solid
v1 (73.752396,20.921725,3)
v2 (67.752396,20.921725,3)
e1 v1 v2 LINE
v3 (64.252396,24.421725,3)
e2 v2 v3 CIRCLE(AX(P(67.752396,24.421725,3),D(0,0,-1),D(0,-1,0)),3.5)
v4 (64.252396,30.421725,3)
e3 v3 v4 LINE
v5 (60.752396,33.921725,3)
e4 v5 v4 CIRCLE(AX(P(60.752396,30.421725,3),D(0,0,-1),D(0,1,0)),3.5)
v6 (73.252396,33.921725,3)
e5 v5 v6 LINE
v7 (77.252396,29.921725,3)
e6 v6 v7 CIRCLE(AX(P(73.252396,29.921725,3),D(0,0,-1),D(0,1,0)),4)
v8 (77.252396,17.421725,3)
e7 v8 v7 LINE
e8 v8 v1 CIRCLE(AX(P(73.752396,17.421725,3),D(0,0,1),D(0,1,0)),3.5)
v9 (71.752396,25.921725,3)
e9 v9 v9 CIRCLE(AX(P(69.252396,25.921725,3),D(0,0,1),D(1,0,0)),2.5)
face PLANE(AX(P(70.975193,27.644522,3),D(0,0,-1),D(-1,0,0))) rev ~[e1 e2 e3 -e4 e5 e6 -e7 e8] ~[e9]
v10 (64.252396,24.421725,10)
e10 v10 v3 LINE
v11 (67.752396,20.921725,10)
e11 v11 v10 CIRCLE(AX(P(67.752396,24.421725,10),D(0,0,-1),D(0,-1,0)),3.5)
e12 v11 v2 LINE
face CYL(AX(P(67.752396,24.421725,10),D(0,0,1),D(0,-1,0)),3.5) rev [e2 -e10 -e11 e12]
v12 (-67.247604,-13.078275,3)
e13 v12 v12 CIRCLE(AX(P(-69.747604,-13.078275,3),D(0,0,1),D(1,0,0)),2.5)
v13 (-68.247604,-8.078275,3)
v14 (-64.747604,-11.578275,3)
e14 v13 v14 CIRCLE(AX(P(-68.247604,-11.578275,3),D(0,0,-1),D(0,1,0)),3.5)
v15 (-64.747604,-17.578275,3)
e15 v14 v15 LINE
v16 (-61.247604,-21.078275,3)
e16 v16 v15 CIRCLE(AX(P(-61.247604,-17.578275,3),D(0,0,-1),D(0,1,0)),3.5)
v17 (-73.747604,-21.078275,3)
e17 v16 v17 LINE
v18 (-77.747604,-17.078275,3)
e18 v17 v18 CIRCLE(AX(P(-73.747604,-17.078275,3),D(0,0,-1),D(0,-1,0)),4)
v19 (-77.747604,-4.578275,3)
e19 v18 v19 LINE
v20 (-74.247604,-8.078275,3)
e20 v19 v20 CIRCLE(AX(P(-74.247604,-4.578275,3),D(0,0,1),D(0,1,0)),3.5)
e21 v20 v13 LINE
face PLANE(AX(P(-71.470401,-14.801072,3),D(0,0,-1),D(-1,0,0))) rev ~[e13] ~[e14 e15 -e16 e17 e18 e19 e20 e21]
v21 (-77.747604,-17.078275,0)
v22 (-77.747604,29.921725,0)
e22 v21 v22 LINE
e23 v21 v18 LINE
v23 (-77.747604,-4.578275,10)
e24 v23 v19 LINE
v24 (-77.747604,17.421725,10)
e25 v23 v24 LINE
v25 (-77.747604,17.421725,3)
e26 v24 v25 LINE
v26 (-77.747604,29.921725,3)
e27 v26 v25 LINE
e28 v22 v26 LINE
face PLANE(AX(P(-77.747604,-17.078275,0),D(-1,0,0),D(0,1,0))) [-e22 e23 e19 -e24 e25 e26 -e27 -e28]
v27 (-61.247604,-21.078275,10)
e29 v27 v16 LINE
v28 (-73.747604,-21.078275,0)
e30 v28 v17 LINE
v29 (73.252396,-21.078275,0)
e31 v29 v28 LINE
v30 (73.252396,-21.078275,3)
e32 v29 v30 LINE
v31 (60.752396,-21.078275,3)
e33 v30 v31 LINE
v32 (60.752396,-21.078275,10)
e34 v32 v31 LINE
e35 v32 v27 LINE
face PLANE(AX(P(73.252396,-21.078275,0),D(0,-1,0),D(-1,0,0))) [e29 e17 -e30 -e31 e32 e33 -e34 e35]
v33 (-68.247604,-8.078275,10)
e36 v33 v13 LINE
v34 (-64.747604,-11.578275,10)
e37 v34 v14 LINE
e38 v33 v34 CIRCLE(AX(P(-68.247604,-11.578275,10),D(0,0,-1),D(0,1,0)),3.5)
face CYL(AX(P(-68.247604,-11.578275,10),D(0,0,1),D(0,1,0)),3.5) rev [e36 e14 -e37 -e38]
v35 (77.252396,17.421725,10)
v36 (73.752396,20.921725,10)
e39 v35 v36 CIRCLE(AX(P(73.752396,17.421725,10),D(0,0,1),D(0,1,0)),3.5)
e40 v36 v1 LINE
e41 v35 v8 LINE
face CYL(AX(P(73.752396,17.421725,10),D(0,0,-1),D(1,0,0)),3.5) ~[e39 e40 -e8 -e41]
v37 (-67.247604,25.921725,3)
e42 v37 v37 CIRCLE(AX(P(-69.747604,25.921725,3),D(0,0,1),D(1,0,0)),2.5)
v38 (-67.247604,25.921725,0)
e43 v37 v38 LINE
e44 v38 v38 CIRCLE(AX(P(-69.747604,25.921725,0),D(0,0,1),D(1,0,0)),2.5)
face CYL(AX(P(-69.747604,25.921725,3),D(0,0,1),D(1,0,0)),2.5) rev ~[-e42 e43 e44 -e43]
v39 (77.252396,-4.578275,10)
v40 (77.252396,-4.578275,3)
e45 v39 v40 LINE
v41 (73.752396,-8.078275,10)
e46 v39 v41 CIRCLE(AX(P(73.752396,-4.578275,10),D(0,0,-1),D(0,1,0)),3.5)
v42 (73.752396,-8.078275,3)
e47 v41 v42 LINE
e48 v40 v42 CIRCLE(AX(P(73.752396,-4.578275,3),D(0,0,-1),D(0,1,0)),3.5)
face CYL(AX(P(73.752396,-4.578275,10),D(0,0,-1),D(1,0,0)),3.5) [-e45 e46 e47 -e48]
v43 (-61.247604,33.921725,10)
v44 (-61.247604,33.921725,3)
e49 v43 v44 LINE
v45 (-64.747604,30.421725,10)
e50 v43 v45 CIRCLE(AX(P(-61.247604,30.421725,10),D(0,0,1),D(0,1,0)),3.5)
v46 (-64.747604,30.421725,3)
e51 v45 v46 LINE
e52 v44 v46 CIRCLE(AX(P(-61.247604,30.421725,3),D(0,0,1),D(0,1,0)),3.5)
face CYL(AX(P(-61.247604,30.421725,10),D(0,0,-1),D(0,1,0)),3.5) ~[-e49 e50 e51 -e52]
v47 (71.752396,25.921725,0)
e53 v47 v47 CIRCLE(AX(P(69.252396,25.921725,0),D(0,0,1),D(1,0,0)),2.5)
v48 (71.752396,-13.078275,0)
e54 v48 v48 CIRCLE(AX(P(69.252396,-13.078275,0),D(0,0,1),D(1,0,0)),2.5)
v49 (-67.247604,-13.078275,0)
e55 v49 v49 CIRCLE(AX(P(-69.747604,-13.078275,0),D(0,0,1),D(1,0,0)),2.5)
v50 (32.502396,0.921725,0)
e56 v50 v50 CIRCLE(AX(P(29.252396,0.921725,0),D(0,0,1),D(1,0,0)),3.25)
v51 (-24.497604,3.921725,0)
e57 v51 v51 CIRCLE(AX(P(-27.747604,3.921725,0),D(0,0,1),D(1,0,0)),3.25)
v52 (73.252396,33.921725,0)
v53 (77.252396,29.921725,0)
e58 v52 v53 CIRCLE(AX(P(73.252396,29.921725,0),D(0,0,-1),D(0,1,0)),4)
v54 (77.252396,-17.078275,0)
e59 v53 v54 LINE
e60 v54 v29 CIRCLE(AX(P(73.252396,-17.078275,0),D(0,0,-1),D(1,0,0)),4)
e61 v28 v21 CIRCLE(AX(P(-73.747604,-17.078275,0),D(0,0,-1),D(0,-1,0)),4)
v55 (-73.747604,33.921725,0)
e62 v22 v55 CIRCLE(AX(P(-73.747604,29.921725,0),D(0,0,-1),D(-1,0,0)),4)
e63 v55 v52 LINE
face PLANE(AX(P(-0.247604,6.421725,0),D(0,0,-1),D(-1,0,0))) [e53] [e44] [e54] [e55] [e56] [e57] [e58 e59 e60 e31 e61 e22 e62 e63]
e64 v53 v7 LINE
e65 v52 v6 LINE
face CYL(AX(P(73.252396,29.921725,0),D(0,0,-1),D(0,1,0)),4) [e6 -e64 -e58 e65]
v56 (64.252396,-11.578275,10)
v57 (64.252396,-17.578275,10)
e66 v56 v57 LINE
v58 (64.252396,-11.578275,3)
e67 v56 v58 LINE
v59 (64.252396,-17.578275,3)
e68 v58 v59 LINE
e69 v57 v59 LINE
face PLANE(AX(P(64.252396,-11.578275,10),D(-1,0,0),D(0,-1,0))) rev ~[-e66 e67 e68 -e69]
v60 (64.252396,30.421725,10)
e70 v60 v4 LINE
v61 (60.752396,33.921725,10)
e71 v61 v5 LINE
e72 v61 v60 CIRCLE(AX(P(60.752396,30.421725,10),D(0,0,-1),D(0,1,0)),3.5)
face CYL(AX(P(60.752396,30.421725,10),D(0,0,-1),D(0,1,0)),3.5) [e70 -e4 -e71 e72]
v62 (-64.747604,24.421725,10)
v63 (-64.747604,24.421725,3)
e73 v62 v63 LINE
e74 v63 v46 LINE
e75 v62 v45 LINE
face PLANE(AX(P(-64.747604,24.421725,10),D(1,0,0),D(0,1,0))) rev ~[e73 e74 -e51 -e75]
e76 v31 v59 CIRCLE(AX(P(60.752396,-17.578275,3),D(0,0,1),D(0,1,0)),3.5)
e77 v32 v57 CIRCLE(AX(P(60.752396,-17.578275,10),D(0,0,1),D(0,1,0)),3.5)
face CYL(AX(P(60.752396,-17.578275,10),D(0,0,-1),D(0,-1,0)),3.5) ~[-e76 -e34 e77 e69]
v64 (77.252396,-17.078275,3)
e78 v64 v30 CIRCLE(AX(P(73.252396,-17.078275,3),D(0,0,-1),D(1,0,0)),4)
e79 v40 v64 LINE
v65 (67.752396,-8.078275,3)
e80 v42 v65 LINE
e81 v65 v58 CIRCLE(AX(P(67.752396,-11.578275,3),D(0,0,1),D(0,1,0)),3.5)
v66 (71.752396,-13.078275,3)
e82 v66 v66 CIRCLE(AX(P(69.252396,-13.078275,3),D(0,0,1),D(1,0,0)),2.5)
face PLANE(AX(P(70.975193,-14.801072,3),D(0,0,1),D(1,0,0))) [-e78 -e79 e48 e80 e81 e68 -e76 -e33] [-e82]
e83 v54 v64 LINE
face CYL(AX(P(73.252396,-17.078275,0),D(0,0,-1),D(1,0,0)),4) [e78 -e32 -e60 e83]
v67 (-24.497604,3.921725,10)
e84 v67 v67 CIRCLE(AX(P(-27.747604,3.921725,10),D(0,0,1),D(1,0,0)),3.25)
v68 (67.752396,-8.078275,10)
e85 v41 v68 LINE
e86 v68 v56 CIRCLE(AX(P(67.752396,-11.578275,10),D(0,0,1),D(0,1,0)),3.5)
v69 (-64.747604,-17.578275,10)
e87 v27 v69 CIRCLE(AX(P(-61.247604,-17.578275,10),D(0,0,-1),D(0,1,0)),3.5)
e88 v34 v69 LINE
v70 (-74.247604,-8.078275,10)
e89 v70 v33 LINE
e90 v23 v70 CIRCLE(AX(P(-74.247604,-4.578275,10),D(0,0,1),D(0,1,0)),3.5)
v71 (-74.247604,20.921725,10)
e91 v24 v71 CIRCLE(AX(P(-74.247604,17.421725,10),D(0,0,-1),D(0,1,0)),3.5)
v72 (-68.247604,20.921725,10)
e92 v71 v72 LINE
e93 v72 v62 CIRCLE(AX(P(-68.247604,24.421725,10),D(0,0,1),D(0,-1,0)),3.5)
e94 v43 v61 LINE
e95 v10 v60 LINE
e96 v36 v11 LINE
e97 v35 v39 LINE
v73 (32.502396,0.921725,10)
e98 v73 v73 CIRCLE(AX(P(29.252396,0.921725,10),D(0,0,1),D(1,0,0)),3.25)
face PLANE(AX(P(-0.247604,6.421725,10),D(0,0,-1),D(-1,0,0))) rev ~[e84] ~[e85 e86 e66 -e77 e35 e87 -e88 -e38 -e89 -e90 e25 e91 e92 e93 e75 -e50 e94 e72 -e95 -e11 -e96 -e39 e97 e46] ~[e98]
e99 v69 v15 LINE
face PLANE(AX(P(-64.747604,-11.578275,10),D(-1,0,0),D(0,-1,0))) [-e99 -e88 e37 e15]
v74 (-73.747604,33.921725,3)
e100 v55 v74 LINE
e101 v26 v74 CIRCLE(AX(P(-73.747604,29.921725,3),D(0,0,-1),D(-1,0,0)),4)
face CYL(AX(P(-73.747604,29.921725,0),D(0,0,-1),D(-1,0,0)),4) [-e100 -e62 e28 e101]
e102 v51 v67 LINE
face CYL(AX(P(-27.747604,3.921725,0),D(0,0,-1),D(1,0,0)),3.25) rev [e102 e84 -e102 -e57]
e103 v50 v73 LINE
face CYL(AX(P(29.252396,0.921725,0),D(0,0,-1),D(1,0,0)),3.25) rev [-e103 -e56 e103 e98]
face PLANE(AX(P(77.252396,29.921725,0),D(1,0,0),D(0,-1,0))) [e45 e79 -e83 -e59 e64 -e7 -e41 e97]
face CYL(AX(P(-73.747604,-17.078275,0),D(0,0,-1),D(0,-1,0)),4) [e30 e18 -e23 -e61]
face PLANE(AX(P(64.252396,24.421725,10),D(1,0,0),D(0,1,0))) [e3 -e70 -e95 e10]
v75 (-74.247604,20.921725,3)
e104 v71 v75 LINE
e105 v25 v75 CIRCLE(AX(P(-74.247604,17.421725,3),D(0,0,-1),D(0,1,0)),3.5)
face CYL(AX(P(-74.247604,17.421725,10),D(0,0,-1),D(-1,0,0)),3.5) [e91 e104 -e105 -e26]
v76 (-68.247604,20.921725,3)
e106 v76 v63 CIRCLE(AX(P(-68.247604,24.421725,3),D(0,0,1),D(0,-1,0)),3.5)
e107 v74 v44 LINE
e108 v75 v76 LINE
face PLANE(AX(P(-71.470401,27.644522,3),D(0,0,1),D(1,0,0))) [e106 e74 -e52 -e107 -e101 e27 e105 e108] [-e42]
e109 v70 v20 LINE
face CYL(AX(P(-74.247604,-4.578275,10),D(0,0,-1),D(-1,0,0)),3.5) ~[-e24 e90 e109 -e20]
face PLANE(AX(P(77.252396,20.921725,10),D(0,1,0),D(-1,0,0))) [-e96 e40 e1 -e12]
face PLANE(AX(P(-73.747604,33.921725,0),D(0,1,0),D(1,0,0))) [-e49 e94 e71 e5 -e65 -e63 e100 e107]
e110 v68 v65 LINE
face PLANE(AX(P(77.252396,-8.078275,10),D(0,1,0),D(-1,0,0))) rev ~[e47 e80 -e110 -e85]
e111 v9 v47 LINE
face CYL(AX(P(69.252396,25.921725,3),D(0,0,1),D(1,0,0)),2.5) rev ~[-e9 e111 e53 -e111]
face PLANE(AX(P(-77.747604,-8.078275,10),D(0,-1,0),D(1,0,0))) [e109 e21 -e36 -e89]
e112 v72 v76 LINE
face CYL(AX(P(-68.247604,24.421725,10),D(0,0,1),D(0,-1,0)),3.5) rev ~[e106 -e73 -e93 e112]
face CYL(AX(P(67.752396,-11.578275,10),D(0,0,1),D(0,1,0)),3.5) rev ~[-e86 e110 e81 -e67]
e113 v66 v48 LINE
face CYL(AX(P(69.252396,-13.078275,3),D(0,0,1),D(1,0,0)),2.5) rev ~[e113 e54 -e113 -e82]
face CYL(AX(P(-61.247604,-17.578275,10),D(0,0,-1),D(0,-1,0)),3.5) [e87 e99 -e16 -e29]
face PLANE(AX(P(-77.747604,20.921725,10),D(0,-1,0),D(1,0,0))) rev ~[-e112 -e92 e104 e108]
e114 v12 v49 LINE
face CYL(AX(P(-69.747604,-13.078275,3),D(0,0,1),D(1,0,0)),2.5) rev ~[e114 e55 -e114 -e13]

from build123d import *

# Parameters (mm, degrees)
SKETCH1_R           = 3.25
BOSS_EXTRUDE1_DEPTH = 10
CUT_EXTRUDE1_DEPTH  = 7
SKETCH3_R           = 2.5
CUT_EXTRUDE2_DEPTH  = 10
FILLET1_R           = 3.5


with BuildPart() as part:
    # Sketch1 → Boss-Extrude1 (new body)
    with BuildSketch(Plane.XY):
        with BuildLine():
            Line((-73.747603834, 33.92172524), (73.252396166, 33.92172524))
            ThreePointArc((73.252396166, 33.92172524), (76.080823291, 32.750152364), (77.252396166, 29.92172524))
            Line((77.252396166, 29.92172524), (77.252396166, -17.07827476))
            ThreePointArc((77.252396166, -17.07827476), (76.080823291, -19.906701885), (73.252396166, -21.07827476))
            Line((73.252396166, -21.07827476), (-73.747603834, -21.07827476))
            ThreePointArc((-73.747603834, -21.07827476), (-76.576030959, -19.906701885), (-77.747603834, -17.07827476))
            Line((-77.747603834, -17.07827476), (-77.747603834, 29.92172524))
            ThreePointArc((-77.747603834, 29.92172524), (-76.576030959, 32.750152364), (-73.747603834, 33.92172524))
        make_face()
        with Locations((-27.747603834, 3.92172524)):
            Circle(SKETCH1_R, mode=Mode.SUBTRACT)
        with Locations((29.252396166, 0.92172524)):
            Circle(SKETCH1_R, mode=Mode.SUBTRACT)
    extrude(amount=BOSS_EXTRUDE1_DEPTH)

    # Sketch2 → Cut-Extrude1 (cut)
    with BuildSketch(Plane.XY.offset(10)):
        with BuildLine():
            Line((-77.747603834, 20.92172524), (-68.247603834, 20.92172524))
            ThreePointArc((-68.247603834, 20.92172524), (-65.7727301, 21.946851505), (-64.747603834, 24.42172524))
            Line((-64.747603834, 24.42172524), (-64.747603834, 33.92172524))
            Line((-64.747603834, 33.92172524), (-77.747603834, 33.92172524))
            Line((-77.747603834, 33.92172524), (-77.747603834, 20.92172524))
        make_face()
        with BuildLine():
            Line((-77.747603834, -8.07827476), (-68.247603834, -8.07827476))
            ThreePointArc((-68.247603834, -8.07827476), (-65.7727301, -9.103401026), (-64.747603834, -11.57827476))
            Line((-64.747603834, -11.57827476), (-64.747603834, -21.07827476))
            Line((-64.747603834, -21.07827476), (-77.747603834, -21.07827476))
            Line((-77.747603834, -21.07827476), (-77.747603834, -8.07827476))
        make_face()
        with BuildLine():
            Line((64.252396166, -21.07827476), (77.252396166, -21.07827476))
            Line((77.252396166, -21.07827476), (77.252396166, -8.07827476))
            Line((77.252396166, -8.07827476), (67.752396166, -8.07827476))
            ThreePointArc((67.752396166, -8.07827476), (65.277522432, -9.103401026), (64.252396166, -11.57827476))
            Line((64.252396166, -11.57827476), (64.252396166, -21.07827476))
        make_face()
        with BuildLine():
            Line((77.252396166, 20.92172524), (67.752396166, 20.92172524))
            ThreePointArc((67.752396166, 20.92172524), (65.277522432, 21.946851505), (64.252396166, 24.42172524))
            Line((64.252396166, 24.42172524), (64.252396166, 33.92172524))
            Line((64.252396166, 33.92172524), (77.252396166, 33.92172524))
            Line((77.252396166, 33.92172524), (77.252396166, 20.92172524))
        make_face()
    extrude(amount=-CUT_EXTRUDE1_DEPTH, mode=Mode.SUBTRACT)

    # Sketch3 → Cut-Extrude2 (cut)
    with BuildSketch(Plane.XY.offset(3)):
        with Locations((-69.747603834, 25.92172524)):
            Circle(SKETCH3_R)
        with Locations((69.252396166, 25.92172524)):
            Circle(SKETCH3_R)
        with Locations((69.252396166, -13.07827476)):
            Circle(SKETCH3_R)
        with Locations((-69.747603834, -13.07827476)):
            Circle(SKETCH3_R)
    extrude(amount=-CUT_EXTRUDE2_DEPTH, mode=Mode.SUBTRACT)

    # Fillet1
    fillet1_edges = [part.edges().sort_by_distance(p)[0] for p in [
        (64.252396166, 33.92172524, 6.5),
        (77.252396166, 20.92172524, 6.5),
        (77.252396166, -8.07827476, 6.5),
        (64.252396166, -21.07827476, 6.5),
        (-64.747603834, -21.07827476, 6.5),
        (-77.747603834, -8.07827476, 6.5),
        (-77.747603834, 20.92172524, 6.5),
        (-64.747603834, 33.92172524, 6.5),
    ]]
    fillet(fillet1_edges, radius=FILLET1_R)


solid = part.part
